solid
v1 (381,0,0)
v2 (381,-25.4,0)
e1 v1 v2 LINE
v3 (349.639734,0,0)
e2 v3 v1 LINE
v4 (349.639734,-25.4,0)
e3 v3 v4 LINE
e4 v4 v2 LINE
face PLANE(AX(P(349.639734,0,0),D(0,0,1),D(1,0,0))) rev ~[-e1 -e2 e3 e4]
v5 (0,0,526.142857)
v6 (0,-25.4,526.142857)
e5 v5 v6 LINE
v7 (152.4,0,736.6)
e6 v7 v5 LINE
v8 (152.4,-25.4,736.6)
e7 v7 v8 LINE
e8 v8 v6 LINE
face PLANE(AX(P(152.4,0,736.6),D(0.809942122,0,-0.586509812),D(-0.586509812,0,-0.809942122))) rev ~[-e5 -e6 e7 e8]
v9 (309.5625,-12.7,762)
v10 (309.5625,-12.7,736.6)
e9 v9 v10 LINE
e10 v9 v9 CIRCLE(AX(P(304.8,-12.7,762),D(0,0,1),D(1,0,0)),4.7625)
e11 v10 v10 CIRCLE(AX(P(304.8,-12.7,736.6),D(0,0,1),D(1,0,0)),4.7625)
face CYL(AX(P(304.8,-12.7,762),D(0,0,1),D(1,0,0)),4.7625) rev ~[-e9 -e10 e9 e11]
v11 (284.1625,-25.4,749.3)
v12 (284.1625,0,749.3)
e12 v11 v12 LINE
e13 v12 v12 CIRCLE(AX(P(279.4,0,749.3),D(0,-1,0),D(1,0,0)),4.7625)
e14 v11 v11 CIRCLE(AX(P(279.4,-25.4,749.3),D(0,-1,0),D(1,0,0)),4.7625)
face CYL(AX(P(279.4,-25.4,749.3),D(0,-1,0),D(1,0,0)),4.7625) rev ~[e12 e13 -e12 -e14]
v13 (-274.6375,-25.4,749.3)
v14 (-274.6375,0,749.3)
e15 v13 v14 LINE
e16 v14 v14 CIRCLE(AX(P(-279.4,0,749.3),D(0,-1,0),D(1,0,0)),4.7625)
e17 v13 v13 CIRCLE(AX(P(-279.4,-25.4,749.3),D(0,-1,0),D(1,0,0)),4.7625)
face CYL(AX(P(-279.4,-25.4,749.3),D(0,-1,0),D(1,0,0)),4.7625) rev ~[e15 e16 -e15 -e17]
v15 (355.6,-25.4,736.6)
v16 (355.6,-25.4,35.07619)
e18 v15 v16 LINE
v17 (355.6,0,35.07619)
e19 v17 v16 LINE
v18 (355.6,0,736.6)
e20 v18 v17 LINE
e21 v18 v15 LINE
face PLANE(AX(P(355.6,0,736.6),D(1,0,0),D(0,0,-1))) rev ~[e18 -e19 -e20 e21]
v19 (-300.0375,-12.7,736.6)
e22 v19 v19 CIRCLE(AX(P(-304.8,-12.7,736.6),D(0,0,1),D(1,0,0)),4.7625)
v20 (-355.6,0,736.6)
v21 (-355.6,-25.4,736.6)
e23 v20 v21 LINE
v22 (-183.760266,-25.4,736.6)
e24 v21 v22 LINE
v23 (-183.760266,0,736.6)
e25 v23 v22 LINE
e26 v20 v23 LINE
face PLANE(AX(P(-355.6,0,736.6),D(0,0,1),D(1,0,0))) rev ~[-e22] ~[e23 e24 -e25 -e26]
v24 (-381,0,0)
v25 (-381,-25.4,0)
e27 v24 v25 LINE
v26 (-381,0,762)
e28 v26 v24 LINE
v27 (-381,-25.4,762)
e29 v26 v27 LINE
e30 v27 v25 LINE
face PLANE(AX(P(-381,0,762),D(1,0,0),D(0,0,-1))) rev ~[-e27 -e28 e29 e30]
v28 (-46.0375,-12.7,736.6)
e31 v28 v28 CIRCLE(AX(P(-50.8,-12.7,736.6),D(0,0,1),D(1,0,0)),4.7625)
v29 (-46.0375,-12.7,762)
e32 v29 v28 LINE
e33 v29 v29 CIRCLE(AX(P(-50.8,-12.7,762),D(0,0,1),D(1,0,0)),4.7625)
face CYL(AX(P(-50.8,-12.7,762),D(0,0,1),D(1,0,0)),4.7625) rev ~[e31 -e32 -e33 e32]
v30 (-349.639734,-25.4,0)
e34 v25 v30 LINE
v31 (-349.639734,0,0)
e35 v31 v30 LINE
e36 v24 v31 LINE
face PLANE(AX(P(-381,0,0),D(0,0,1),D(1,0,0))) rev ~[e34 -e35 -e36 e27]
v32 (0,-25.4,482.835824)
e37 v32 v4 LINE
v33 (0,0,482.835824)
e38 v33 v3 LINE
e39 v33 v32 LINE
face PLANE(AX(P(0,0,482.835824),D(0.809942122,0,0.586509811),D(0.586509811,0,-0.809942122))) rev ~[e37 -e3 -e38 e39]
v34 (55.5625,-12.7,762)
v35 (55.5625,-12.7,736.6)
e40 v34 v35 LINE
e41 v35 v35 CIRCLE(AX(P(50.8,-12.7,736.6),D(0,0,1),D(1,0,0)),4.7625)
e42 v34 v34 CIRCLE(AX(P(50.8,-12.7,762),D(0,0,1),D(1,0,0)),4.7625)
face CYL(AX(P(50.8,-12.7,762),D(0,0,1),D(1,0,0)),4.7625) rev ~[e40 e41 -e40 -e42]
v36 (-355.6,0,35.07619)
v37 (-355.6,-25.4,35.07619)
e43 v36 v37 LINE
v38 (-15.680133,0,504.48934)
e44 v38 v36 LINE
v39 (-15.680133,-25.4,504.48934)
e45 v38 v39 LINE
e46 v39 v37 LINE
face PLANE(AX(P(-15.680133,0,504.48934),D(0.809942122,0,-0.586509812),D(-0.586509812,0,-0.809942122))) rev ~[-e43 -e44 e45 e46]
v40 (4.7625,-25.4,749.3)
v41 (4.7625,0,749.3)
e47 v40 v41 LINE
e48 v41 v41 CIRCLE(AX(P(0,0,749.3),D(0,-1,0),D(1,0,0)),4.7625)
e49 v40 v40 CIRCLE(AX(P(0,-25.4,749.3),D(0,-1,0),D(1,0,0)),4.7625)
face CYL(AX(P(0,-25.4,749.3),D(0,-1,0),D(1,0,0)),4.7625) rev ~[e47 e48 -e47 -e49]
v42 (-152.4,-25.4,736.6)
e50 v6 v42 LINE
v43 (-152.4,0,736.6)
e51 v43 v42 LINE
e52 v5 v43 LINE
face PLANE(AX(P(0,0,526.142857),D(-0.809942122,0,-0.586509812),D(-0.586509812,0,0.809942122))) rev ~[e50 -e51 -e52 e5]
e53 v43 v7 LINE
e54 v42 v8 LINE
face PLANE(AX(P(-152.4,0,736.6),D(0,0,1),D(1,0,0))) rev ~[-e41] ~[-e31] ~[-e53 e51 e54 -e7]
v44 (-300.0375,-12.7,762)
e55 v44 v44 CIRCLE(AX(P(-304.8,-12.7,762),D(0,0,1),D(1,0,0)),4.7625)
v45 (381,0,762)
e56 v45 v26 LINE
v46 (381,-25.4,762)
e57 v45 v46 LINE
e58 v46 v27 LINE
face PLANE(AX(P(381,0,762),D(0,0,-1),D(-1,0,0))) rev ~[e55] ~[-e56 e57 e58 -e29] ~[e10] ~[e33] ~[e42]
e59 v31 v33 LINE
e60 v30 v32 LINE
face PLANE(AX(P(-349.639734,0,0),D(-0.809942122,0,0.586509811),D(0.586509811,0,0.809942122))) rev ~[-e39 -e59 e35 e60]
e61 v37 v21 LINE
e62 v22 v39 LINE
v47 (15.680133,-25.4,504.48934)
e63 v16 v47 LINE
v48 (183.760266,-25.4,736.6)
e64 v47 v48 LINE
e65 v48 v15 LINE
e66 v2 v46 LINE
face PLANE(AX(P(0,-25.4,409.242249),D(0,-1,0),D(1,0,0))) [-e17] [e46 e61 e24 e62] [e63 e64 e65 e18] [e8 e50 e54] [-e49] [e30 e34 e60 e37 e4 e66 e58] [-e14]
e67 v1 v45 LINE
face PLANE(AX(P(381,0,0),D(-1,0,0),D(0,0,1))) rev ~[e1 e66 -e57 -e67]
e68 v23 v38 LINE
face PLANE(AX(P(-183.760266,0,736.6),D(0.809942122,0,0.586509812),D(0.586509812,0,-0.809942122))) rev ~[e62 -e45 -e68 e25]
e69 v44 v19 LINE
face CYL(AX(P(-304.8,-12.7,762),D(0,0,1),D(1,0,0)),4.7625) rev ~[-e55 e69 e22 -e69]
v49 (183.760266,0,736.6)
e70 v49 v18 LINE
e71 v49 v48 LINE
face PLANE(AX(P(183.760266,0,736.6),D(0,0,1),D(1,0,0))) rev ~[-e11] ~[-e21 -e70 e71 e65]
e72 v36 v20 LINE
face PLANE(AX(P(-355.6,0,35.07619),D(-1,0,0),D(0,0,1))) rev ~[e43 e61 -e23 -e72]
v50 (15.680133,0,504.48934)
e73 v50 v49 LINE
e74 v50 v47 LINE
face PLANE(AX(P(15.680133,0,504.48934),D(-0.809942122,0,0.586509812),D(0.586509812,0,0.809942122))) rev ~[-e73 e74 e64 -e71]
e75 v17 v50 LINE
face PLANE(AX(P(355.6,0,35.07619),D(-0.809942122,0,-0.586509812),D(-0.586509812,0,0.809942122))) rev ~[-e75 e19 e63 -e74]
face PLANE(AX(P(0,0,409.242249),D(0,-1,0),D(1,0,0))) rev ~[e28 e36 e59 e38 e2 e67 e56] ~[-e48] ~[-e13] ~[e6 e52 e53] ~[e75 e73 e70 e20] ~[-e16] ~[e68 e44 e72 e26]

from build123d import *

# Parameters (mm, degrees)
F1_DEPTH = 25.4
F2_R     = 4.7625
F3_DEPTH = 25.4
F4_R     = 4.7625
F5_DEPTH = 25.4


with BuildPart() as f1:
    # F0 (on Front) → F1 (new body)
    with BuildSketch(Plane.XZ):
        Polygon((381, 762), (-381, 762), (-381, 0), (-349.639734, 0), (0, 482.835824), (349.639734, 0), (381, 0), align=None)
        Polygon((-355.6, 35.07619), (-355.6, 736.6), (-183.760266, 736.6), (-15.680133, 504.48934), align=None, mode=Mode.SUBTRACT)
        Polygon((183.760266, 736.6), (355.6, 736.6), (355.6, 35.07619), (15.680133, 504.48934), align=None, mode=Mode.SUBTRACT)
        Polygon((0, 526.142857), (-152.4, 736.6), (152.4, 736.6), align=None, mode=Mode.SUBTRACT)
    extrude(amount=F1_DEPTH)

    # F2 (on face) → F3 (cut)
    with BuildSketch(Plane.XZ.offset(25.4)):
        with Locations((-279.4, 749.3)):
            Circle(F2_R)
        with Locations((0, 749.3)):
            Circle(F2_R)
        with Locations((279.4, 749.3)):
            Circle(F2_R)
    extrude(amount=-F3_DEPTH, mode=Mode.SUBTRACT)

    # F4 (on face) → F5 (cut)
    with BuildSketch(Plane.XY.offset(762)):
        with Locations((-50.8, -12.7)):
            Circle(F4_R)
        with Locations((50.8, -12.7)):
            Circle(F4_R)
        with Locations((304.8, -12.7)):
            Circle(F4_R)
        with Locations((-304.8, -12.7)):
            Circle(F4_R)
    extrude(amount=-F5_DEPTH, mode=Mode.SUBTRACT)


solid = f1.part
